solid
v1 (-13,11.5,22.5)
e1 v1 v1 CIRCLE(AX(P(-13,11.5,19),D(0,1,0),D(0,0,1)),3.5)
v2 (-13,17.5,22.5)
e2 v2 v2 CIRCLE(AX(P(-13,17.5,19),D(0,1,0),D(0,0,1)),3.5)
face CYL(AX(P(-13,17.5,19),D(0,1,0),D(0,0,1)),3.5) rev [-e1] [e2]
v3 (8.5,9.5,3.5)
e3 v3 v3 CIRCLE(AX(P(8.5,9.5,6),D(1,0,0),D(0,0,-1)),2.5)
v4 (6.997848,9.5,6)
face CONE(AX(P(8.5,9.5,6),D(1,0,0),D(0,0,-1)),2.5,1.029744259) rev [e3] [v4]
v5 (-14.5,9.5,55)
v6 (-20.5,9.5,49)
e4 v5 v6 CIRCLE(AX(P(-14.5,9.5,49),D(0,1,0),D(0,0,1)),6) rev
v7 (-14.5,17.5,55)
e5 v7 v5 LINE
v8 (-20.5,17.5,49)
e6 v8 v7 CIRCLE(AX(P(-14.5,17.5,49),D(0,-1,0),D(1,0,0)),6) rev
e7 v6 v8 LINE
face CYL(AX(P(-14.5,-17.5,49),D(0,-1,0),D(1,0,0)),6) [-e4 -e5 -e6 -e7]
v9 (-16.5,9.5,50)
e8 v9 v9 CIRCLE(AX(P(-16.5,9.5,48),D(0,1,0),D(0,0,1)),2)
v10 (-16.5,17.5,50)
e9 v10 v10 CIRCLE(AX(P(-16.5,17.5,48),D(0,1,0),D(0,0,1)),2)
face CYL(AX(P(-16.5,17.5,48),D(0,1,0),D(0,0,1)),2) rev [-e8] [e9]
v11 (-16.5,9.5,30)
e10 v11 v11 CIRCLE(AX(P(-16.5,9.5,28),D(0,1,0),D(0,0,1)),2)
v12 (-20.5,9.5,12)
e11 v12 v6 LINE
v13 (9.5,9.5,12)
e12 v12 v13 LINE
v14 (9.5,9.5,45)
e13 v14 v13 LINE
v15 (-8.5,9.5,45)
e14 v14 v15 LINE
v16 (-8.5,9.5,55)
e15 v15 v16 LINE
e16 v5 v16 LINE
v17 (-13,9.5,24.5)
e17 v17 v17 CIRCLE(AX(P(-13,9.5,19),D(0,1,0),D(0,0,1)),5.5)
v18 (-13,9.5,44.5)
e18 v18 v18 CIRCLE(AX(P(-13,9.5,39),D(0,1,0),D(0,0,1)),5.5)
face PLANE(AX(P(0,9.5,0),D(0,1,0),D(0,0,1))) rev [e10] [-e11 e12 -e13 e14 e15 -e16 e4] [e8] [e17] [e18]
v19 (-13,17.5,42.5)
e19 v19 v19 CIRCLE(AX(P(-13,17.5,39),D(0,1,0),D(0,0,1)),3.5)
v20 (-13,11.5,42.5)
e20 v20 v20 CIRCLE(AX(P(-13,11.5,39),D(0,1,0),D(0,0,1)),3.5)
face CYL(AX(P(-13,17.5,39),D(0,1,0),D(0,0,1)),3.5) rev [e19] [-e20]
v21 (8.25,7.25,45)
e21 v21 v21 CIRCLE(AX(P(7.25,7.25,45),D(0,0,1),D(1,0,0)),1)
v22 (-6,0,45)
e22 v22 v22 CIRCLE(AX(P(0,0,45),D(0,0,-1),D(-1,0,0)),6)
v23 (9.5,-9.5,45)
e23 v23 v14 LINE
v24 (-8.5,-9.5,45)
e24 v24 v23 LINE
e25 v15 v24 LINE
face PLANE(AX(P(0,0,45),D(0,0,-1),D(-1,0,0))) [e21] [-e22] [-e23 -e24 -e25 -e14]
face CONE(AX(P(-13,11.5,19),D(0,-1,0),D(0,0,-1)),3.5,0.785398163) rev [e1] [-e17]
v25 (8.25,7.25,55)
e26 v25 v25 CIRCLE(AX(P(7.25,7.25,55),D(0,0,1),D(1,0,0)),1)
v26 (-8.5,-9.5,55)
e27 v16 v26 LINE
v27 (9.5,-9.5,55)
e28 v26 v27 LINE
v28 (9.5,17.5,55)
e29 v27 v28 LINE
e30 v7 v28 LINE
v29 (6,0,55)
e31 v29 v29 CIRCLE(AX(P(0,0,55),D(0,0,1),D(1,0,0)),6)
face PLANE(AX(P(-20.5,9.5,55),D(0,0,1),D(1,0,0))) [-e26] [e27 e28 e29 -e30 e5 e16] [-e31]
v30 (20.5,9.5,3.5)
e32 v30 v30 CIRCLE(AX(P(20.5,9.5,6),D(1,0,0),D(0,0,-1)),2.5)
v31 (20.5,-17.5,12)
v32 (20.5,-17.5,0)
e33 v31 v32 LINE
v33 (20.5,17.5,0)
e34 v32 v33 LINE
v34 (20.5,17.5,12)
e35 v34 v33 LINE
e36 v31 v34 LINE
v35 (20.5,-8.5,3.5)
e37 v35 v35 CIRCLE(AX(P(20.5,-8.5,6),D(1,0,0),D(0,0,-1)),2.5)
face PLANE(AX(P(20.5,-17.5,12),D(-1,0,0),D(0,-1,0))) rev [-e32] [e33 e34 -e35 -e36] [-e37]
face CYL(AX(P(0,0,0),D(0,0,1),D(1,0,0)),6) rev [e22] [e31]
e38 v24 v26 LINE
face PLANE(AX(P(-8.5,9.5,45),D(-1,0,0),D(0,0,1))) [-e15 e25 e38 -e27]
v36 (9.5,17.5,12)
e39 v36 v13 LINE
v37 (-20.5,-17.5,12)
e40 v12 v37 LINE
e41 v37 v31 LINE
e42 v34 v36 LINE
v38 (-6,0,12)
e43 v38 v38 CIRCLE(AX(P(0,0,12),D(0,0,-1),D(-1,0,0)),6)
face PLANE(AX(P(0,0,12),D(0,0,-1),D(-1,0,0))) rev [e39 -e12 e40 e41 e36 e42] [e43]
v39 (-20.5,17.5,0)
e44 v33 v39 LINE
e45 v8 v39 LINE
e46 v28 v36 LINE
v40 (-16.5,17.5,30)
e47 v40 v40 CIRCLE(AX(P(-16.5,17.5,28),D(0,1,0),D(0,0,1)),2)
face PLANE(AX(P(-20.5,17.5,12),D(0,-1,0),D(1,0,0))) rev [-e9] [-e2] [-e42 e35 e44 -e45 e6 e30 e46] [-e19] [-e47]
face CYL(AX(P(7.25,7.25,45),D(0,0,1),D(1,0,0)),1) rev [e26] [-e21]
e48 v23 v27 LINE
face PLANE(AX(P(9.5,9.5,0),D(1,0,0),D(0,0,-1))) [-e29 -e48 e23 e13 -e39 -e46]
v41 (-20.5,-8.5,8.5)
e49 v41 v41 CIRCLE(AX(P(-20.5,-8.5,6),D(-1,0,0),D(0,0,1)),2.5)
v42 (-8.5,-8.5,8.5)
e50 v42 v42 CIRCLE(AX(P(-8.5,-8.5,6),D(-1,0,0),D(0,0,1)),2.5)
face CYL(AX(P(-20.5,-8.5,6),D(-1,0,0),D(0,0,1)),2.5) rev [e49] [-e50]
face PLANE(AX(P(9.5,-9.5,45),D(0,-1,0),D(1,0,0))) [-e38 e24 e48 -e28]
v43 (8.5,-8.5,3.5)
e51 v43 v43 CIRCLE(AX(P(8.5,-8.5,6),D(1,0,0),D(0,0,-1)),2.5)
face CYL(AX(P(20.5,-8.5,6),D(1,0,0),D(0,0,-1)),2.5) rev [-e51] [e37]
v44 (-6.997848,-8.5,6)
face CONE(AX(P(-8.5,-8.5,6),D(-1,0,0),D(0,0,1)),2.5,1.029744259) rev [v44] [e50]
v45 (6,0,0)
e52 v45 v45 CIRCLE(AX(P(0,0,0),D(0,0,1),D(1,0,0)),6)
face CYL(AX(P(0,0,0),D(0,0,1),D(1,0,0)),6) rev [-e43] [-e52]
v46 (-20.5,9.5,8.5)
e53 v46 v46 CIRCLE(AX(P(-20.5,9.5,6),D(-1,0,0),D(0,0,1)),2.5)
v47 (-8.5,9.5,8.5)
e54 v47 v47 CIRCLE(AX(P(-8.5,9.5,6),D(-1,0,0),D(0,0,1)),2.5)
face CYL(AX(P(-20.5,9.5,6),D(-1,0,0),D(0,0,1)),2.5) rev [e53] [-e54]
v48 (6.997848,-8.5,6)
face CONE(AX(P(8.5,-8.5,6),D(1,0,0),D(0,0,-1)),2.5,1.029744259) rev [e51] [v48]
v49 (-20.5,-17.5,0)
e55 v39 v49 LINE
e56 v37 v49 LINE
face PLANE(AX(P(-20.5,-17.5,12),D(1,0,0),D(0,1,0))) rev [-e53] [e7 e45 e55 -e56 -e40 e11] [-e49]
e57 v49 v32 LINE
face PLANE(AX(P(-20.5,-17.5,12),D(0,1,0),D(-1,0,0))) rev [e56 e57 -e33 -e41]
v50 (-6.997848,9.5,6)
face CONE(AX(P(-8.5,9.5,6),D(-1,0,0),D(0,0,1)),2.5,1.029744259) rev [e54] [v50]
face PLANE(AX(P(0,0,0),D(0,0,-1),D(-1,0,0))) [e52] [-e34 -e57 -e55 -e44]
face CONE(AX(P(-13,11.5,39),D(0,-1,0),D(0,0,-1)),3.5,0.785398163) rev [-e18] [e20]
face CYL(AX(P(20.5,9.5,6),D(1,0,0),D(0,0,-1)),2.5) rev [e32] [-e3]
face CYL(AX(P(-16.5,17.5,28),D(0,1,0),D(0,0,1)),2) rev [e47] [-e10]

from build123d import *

# Parameters (mm, degrees)
SKETCH_1_W                     = 41
SKETCH_1_H                     = 35
EXTRUDE_1_DEPTH                = 12
SKETCH_2_W                     = 30
SKETCH_2_H                     = 55
EXTRUDE_2_DEPTH                = 8
SKETCH_3_W                     = 18
SKETCH_3_H                     = 19
EXTRUDE_3_DEPTH                = 10
FILLET_1_R                     = 6
F_4_0MM_1_D                    = 4
HOLE_WIZARD_7_0_7_1_AT_2_COUNT = 2
HOLE_WIZARD_7_0_7_1_AT_2_PITCH = 20
SKETCH_9_R                     = 1
CUT_EXTRUDE_1_DEPTH            = 10
HOLE_WIZARD_M6_1_AT_2_COUNT    = 2
HOLE_WIZARD_M6_1_AT_2_PITCH    = 18
SKETCH_12_R                    = 6
CUT_EXTRUDE_2_DEPTH            = 62.249489794


with BuildPart() as part:
    # 草图1 → 凸台-拉伸1 (new body)
    with BuildSketch(Plane.XY):
        Rectangle(SKETCH_1_W, SKETCH_1_H)
    extrude(amount=EXTRUDE_1_DEPTH)

    # 草图2 → 凸台-拉伸2 (add)
    with BuildSketch(Plane(origin=(0, 17.5, 0), x_dir=(1, 0, 0), z_dir=(0, 1, 0))):
        with Locations((-5.5, -27.5)):
            Rectangle(SKETCH_2_W, SKETCH_2_H)
    extrude(amount=-EXTRUDE_2_DEPTH)

    # 草图3 → 凸台-拉伸3 (add)
    with BuildSketch(Plane.XY.offset(55)):
        with Locations((0.5, 0)):
            Rectangle(SKETCH_3_W, SKETCH_3_H)
    extrude(amount=-EXTRUDE_3_DEPTH)

    # 圆角1
    fillet_1_edges = [part.edges().sort_by_distance(p)[0] for p in [
        (-20.5, 13.5, 55),
    ]]
    fillet(fillet_1_edges, radius=FILLET_1_R)

    # Ø4.0mm 暗销孔1 (through all)
    with Locations(Plane(origin=(0, 17.5, 0), x_dir=(1, 0, 0), z_dir=(0, 1, 0))):
        with Locations((-16.5, -48), (-16.5, -28)):
            Hole(F_4_0MM_1_D / 2)

    # 草图8 → Ø7.0 (7) 直径孔1 (revolve, cut)
    with BuildSketch(Plane(origin=(-13, 17.5, 39), x_dir=(0, 0, 1), z_dir=(1, 0, 0))):
        Polygon((0, 0), (0, 8), (5.5, 8), (3.5, 6), (3.5, 0), align=None)
    hole_wizard_7_0_7_1 = revolve(axis=Axis((-13, 23.85, 39), (0, -1, 0)), mode=Mode.SUBTRACT)

    # Ø7.0 (7) 直径孔1 at 2: Ø7.0 (7) 直径孔1 ×2
    with Locations(*[(0, 0, -i * HOLE_WIZARD_7_0_7_1_AT_2_PITCH) for i in range(1, HOLE_WIZARD_7_0_7_1_AT_2_COUNT)]):
        add(hole_wizard_7_0_7_1, mode=Mode.SUBTRACT)

    # 草图9 → 切除-拉伸1 (cut)
    with BuildSketch(Plane.XY.offset(55)):
        with Locations((7.25, 7.25)):
            Circle(SKETCH_9_R)
    extrude(amount=-CUT_EXTRUDE_1_DEPTH, mode=Mode.SUBTRACT)

    # 草图11 → M6 螺纹孔1 (revolve, cut)
    with BuildSketch(Plane(origin=(20.5, 9.5, 6), x_dir=(0, 0, -1), z_dir=(0, 1, 0))):
        Polygon((0, 0), (0, 13.502151548), (2.5, 12), (2.5, 0), align=None)
    hole_wizard_m6_1 = revolve(axis=Axis((26.85, 9.5, 6), (-1, 0, 0)), mode=Mode.SUBTRACT)

    # M6 螺纹孔1 at 2: M6 螺纹孔1 ×2
    with Locations(*[(0, -i * HOLE_WIZARD_M6_1_AT_2_PITCH, 0) for i in range(1, HOLE_WIZARD_M6_1_AT_2_COUNT)]):
        add(hole_wizard_m6_1, mode=Mode.SUBTRACT)

    # 镜向1: M6 螺纹孔1 across plane
    add(hole_wizard_m6_1.mirror(Plane(origin=(0, 0, 0), x_dir=(0, 0, 1), z_dir=(1, 0, 0))), mode=Mode.SUBTRACT)

    # 镜向1 copy 1 sketch → 镜向1 copy 1 (revolve, cut)
    with BuildSketch(Plane(origin=(-20.5, -8.5, 6), x_dir=(0, 0, -1), z_dir=(0, 1, 0))):
        Polygon((0, 0), (0, -13.502151548), (2.5, -12), (2.5, 0), align=None)
    revolve(axis=Axis((-26.85, -8.5, 6), (-1, 0, 0)), mode=Mode.SUBTRACT)

    # 草图12 → 切除-拉伸2 (cut, through all)
    with BuildSketch(Plane.XY.offset(55)):
        Circle(SKETCH_12_R)
    extrude(amount=-CUT_EXTRUDE_2_DEPTH, mode=Mode.SUBTRACT)


solid = part.part
